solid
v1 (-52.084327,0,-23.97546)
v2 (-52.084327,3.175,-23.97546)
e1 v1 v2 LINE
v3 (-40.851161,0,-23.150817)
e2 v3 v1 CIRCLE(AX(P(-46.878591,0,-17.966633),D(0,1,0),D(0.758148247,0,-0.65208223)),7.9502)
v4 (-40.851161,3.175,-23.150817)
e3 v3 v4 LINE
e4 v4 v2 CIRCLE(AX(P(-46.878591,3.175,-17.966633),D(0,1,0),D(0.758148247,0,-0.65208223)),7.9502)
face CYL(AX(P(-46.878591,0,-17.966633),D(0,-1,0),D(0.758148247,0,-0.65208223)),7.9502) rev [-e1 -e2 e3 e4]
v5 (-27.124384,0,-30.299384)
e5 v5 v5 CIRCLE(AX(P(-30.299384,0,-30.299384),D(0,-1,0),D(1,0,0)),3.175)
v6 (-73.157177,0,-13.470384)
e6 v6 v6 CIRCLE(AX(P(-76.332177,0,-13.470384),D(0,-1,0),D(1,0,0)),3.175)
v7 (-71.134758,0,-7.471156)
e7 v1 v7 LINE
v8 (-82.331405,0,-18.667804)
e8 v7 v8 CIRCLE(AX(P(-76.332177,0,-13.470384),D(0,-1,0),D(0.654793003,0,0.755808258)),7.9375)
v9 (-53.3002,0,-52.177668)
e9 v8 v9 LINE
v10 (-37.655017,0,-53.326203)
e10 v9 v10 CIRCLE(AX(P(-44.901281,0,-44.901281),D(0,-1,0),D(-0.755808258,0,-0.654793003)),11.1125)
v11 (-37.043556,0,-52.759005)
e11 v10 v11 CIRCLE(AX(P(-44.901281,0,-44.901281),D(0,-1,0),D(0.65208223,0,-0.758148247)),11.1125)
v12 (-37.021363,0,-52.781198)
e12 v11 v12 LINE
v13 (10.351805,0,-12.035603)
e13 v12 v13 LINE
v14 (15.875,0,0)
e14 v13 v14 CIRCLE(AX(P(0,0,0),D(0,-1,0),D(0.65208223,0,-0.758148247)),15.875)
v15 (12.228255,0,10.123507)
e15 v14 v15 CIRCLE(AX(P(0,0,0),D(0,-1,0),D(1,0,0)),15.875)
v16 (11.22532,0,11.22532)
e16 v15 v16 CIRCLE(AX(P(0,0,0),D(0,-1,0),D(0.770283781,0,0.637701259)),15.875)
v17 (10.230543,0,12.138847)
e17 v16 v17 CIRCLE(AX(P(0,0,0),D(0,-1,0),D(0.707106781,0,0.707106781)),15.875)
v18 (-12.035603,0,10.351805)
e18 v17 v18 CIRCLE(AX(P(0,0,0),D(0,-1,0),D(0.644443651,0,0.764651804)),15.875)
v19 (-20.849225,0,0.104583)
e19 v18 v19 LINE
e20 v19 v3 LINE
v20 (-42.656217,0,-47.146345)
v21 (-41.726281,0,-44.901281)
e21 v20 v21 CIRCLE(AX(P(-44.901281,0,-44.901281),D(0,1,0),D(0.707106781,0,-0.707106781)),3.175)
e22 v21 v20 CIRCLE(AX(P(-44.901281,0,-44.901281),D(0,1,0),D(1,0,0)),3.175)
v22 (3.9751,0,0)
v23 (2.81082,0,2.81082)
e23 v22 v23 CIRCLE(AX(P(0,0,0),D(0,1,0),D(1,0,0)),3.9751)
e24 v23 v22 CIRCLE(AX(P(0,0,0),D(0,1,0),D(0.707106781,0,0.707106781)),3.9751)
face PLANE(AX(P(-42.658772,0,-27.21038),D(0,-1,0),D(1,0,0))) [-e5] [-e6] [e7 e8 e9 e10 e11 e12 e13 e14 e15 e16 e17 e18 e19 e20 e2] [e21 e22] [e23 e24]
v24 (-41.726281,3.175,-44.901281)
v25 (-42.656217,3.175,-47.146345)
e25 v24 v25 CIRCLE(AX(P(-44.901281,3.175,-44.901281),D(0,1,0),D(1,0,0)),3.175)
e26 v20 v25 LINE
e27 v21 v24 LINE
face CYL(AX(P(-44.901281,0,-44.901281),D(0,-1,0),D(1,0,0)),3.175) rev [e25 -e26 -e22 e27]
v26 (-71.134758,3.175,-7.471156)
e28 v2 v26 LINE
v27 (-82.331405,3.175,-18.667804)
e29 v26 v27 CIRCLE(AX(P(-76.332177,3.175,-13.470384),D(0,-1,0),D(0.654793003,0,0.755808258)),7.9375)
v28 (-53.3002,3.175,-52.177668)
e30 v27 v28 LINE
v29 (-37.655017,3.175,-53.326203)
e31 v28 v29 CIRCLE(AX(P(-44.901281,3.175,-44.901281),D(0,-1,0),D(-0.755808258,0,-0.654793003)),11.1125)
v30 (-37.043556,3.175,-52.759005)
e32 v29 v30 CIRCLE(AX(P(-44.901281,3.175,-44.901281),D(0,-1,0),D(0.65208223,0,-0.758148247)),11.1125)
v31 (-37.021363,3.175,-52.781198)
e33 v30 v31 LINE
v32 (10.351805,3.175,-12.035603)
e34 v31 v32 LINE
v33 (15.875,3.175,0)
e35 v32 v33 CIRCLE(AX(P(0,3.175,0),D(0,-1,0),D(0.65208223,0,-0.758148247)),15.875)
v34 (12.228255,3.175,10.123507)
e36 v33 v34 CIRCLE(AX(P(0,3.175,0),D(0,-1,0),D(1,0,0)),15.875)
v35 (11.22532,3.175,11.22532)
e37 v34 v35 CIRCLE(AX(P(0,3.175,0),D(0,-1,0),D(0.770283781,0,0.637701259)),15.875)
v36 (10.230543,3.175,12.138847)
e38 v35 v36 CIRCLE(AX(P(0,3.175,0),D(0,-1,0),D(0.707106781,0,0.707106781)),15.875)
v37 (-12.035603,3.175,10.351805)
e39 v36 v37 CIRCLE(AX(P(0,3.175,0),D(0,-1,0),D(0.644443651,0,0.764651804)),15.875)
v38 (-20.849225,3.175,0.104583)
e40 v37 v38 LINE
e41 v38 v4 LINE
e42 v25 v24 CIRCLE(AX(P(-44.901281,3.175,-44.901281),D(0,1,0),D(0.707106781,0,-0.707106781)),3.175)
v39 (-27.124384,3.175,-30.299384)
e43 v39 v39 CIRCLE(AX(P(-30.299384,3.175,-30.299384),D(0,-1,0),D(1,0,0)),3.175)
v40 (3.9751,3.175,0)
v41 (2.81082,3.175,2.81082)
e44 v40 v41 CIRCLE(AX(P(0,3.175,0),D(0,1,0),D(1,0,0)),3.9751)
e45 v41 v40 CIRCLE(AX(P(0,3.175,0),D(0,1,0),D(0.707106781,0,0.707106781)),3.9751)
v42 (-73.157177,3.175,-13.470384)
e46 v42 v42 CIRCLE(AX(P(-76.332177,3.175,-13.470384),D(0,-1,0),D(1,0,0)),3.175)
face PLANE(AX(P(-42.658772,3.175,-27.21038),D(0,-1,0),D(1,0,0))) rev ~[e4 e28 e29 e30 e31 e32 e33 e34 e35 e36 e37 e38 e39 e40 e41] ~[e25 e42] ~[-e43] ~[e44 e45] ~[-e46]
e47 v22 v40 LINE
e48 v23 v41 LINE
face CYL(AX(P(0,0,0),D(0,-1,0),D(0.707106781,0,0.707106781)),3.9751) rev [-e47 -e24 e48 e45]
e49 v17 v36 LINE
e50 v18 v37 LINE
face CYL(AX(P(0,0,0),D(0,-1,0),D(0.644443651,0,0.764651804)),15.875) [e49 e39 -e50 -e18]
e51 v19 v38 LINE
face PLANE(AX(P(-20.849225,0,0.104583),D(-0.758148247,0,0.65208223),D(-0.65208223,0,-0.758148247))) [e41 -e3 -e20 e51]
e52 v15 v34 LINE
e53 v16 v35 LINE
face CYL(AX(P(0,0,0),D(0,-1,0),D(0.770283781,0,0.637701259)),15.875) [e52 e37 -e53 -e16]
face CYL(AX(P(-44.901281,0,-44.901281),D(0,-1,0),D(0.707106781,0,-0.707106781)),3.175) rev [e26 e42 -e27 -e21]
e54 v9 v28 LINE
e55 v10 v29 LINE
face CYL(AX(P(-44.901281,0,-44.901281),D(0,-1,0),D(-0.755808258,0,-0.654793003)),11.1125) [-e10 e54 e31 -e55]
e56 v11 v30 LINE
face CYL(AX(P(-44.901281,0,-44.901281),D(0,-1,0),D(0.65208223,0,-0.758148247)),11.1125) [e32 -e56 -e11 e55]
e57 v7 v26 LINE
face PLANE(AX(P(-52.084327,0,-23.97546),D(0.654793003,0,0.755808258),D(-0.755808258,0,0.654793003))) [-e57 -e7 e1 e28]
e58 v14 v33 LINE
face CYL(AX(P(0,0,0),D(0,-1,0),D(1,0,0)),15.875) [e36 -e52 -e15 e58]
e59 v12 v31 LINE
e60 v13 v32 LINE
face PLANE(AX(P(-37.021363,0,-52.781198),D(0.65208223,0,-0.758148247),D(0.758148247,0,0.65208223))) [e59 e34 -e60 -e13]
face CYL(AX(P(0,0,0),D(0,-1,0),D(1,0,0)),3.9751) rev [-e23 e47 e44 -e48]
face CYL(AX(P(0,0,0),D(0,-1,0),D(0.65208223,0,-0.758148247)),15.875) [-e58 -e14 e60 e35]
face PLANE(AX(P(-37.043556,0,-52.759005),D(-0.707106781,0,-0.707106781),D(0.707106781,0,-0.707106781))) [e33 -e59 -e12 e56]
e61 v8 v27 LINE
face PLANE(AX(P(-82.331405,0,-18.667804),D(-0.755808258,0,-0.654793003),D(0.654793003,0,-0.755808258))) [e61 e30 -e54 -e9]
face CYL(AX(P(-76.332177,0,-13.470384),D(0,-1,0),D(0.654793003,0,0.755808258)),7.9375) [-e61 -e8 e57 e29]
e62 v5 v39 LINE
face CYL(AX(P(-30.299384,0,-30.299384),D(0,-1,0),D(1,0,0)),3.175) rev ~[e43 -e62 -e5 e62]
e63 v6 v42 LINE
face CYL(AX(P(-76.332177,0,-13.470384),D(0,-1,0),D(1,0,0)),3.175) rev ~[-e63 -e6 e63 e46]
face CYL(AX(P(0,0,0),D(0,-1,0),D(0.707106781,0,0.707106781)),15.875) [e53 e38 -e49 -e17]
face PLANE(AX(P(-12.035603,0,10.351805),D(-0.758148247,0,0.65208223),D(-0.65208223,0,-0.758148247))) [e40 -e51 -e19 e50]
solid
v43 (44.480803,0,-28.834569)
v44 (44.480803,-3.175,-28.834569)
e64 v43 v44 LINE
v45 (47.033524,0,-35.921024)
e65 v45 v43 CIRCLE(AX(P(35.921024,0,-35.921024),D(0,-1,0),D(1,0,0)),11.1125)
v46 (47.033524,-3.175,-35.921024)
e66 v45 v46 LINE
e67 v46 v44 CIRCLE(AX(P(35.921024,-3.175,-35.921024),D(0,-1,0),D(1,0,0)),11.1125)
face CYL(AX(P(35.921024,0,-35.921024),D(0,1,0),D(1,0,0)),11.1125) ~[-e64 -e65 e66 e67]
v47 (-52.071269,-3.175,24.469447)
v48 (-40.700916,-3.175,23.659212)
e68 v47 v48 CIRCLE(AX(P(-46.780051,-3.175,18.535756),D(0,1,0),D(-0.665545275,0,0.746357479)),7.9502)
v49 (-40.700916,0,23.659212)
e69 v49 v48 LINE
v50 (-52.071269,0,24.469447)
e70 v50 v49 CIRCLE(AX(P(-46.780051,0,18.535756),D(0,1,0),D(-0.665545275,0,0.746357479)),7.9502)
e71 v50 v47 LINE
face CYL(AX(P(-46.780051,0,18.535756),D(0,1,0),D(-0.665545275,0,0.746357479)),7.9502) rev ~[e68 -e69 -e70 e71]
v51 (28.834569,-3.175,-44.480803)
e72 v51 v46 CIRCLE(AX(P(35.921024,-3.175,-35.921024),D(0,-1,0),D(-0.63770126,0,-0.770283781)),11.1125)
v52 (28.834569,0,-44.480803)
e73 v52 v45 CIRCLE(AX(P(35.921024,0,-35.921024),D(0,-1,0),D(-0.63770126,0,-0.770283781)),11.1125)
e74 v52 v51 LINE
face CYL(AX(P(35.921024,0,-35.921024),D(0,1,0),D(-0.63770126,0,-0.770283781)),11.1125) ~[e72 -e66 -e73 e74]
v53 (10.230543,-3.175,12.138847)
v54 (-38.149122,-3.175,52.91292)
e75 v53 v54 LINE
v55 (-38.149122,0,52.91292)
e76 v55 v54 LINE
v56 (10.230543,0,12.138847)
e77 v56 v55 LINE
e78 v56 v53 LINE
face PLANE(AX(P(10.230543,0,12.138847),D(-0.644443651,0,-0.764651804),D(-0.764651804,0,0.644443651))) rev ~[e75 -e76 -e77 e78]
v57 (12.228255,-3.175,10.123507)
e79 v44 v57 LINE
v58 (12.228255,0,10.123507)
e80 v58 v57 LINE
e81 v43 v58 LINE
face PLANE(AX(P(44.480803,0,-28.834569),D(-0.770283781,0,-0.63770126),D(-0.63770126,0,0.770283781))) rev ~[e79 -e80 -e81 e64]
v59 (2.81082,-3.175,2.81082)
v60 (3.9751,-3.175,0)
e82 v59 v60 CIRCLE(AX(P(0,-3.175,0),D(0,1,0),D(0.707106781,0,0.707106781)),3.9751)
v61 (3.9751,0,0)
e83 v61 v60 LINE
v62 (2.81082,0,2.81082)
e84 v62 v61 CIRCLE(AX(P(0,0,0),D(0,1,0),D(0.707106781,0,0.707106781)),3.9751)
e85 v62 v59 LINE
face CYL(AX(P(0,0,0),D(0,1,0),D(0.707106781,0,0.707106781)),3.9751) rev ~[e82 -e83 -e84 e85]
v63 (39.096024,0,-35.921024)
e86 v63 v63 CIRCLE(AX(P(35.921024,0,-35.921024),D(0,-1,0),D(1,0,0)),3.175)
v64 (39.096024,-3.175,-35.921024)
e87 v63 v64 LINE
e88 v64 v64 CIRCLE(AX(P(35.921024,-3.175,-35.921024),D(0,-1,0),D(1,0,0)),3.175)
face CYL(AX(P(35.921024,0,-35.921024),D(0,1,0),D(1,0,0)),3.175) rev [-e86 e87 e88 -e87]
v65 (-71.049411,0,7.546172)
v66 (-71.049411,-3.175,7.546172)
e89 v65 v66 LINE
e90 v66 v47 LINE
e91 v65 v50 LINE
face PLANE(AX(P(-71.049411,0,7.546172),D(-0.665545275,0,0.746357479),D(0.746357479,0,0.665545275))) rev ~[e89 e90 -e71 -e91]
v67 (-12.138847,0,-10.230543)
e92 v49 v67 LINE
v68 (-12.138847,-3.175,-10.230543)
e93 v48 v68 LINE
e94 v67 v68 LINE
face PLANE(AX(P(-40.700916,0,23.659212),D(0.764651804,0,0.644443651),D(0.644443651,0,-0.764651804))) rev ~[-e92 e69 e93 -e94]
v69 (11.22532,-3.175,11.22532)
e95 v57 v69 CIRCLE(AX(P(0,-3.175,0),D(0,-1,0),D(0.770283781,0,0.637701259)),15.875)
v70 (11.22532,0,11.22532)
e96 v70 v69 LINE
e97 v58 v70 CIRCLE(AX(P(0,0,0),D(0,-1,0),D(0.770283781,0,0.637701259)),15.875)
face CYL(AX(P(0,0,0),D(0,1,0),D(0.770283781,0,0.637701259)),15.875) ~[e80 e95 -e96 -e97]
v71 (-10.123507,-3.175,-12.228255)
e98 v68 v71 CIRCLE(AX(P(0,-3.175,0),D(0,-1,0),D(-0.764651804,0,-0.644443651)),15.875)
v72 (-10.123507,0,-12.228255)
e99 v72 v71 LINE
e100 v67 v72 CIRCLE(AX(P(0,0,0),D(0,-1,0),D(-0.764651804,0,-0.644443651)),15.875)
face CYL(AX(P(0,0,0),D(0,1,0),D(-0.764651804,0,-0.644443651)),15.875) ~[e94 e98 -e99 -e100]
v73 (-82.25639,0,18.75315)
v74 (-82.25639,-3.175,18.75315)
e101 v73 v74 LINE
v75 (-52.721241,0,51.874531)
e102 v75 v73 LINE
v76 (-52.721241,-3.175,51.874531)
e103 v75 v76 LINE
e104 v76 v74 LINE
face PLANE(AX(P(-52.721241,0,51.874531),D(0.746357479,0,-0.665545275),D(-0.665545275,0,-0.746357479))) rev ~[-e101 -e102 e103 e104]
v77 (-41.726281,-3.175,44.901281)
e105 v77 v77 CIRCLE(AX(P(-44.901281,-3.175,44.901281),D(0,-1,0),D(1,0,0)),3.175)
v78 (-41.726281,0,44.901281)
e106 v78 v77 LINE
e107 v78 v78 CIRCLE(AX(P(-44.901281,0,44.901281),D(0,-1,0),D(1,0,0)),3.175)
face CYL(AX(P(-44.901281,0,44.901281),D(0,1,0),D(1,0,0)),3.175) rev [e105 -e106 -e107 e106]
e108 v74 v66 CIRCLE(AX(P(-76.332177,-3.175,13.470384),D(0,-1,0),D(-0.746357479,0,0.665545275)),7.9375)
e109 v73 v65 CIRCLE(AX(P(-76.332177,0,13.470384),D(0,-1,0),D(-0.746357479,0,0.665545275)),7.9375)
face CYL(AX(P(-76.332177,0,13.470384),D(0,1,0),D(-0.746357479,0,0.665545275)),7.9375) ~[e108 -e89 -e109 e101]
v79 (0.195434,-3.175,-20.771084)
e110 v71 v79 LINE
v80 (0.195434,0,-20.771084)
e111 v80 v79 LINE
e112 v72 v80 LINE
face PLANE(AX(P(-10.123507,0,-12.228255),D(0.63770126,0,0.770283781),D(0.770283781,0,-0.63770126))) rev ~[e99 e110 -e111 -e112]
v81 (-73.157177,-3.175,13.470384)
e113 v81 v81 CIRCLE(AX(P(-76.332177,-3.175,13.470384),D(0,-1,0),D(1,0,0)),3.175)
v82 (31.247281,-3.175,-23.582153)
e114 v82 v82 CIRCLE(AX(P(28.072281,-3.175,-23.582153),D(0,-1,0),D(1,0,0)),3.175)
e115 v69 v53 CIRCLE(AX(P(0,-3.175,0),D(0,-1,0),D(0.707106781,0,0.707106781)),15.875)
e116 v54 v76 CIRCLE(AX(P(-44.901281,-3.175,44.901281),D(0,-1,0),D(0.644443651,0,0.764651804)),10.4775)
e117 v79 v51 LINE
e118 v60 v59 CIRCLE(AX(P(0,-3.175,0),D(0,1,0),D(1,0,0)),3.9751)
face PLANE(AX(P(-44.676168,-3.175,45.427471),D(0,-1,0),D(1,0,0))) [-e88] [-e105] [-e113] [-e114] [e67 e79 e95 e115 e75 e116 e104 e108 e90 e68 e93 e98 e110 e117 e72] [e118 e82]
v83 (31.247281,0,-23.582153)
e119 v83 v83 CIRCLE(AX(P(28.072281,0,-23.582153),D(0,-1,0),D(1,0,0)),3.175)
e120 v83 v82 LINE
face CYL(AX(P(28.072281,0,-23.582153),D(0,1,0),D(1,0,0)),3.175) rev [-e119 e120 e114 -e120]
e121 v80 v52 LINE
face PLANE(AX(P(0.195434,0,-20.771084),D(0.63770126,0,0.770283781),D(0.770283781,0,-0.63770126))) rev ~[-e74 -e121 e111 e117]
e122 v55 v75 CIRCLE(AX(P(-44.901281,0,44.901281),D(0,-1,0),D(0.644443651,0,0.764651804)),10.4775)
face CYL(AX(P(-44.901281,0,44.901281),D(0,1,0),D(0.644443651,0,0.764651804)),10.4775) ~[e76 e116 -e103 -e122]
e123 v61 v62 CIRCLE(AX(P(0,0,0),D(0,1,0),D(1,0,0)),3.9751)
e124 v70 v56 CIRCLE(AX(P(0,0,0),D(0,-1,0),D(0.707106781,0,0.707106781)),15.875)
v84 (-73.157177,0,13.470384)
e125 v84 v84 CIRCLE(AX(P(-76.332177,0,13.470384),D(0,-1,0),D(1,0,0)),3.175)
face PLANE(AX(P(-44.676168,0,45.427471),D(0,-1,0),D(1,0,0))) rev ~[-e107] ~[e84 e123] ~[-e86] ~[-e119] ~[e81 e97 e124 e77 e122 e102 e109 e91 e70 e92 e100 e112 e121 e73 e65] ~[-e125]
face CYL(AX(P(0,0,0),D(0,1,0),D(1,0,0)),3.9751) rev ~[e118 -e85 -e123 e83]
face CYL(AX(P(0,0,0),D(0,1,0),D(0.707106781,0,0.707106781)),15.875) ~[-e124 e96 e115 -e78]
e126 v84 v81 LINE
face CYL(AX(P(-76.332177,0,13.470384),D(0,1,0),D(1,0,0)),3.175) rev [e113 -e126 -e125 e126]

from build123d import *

# Parameters (mm, degrees)
F0_R     = 3.175
F1_DEPTH = 3.175
F2_DEPTH = 3.175


with BuildPart() as f1:
    # F0 (on Front) → F1 (new body)
    with BuildSketch(Plane.XZ):
        with BuildLine():
            ThreePointArc((-34.4237806053, 44.9012806053), (-35.4006557474, 49.3189874266), (-38.1491222534, 52.9129198783))
            ThreePointArc((-38.1491222534, 52.9129198783), (-45.6460041086, 55.35228023), (-52.7212410911, 51.8745312283))
            ThreePointArc((-52.7212410911, 51.8745312283), (-48.6325250533, 35.1106819965), (-34.4237806053, 44.9012806053))
        make_face()
        with Locations((-44.9012806053, 44.9012806053)):
            Circle(F0_R, mode=Mode.SUBTRACT)
        with BuildLine():
            ThreePointArc((-68.3946770291, 13.4703841816), (-73.5054766898, 20.8875043398), (-82.2563895183, 18.7531498051))
            ThreePointArc((-82.2563895183, 18.7531498051), (-81.9448371048, 7.8577241059), (-71.0494114056, 7.5461716924))
            ThreePointArc((-71.0494114056, 7.5461716924), (-69.08870209, 10.2244671992), (-68.3946770291, 13.4703841816))
        make_face()
        with Locations((-76.3321770291, 13.4703841816)):
            Circle(F0_R, mode=Mode.SUBTRACT)
        with BuildLine():
            ThreePointArc((-12.0356034274, 10.3518054047), (-1.2700159776, 15.8241171765), (10.2305429575, 12.1388473833))
            Line((10.2305429575, 12.1388473833), (-38.1491222534, 52.9129198783))
            ThreePointArc((-38.1491222534, 52.9129198783), (-35.4006557474, 49.3189874266), (-34.4237806053, 44.9012806053))
            ThreePointArc((-34.4237806053, 44.9012806053), (-48.6325250533, 35.1106819965), (-52.7212410911, 51.8745312283))
            Line((-52.7212410911, 51.8745312283), (-82.2563895183, 18.7531498051))
            ThreePointArc((-82.2563895183, 18.7531498051), (-73.5054766898, 20.8875043398), (-68.3946770291, 13.4703841816))
            ThreePointArc((-68.3946770291, 13.4703841816), (-69.08870209, 10.2244671992), (-71.0494114056, 7.5461716924))
            Line((-71.0494114056, 7.5461716924), (-52.0712687873, 24.4694470818))
            ThreePointArc((-52.0712687873, 24.4694470818), (-46.2149635715, 26.465847689), (-40.7009159693, 23.6592117657))
            Line((-40.7009159693, 23.6592117657), (-20.8492251592, 0.1045826474))
            Line((-20.8492251592, 0.1045826474), (-12.0356034274, 10.3518054047))
        make_face()
        with BuildLine():
            ThreePointArc((12.2282550252, 10.1235074968), (11.7397208196, 10.6861864142), (11.2253201513, 11.2253201513))
            ThreePointArc((11.2253201513, 11.2253201513), (10.7376509739, 11.692667641), (10.2305429575, 12.1388473833))
            ThreePointArc((10.2305429575, 12.1388473833), (-1.2700159776, 15.8241171765), (-12.0356034274, 10.3518054047))
            ThreePointArc((-12.0356034274, 10.3518054047), (-15.874800283, 0.0796302322), (-12.1388473833, -10.2305429575))
            ThreePointArc((-12.1388473833, -10.2305429575), (-11.1759037477, -11.2745199641), (-10.1235074968, -12.2282550252))
            ThreePointArc((-10.1235074968, -12.2282550252), (0.1493607821, -15.87429735), (10.3518054047, -12.0356034274))
            ThreePointArc((10.3518054047, -12.0356034274), (14.4282801435, -6.6212051093), (15.875, 0))
            ThreePointArc((15.875, 0), (14.9355142785, 5.3801522504), (12.2282550252, 10.1235074968))
        make_face()
        with BuildLine():
            ThreePointArc((2.8108201659, 2.8108201659), (3.6725135297, 1.521204912), (3.9751, 0))
            ThreePointArc((3.9751, 0), (-3.6725135297, -1.521204912), (2.8108201659, 2.8108201659))
        make_face(mode=Mode.SUBTRACT)
        with BuildLine():
            Line((44.4808030019, -28.8345692365), (12.2282550252, 10.1235074968))
            ThreePointArc((12.2282550252, 10.1235074968), (14.9355142785, 5.3801522504), (15.875, 0))
            ThreePointArc((15.875, 0), (14.4282801435, -6.6212051093), (10.3518054047, -12.0356034274))
            Line((10.3518054047, -12.0356034274), (0.1954344954, -20.7710836138))
            Line((0.1954344954, -20.7710836138), (28.8345692365, -44.4808030019))
            ThreePointArc((28.8345692365, -44.4808030019), (28.0633003783, -28.0633003783), (44.4808030019, -28.8345692365))
        make_face()
        with Locations((28.0722806345, -23.5821525739)):
            Circle(F0_R, mode=Mode.SUBTRACT)
        with BuildLine():
            ThreePointArc((47.0335244843, -35.9210244843), (46.3758844792, -32.154917909), (44.4808030019, -28.8345692365))
            ThreePointArc((44.4808030019, -28.8345692365), (28.0633003783, -28.0633003783), (28.8345692365, -44.4808030019))
            ThreePointArc((28.8345692365, -44.4808030019), (40.650687385, -45.9767663811), (47.0335244843, -35.9210244843))
        make_face()
        with Locations((35.9210244843, -35.9210244843)):
            Circle(F0_R, mode=Mode.SUBTRACT)
        with BuildLine():
            ThreePointArc((-12.1388473833, -10.2305429575), (-15.874800283, 0.0796302322), (-12.0356034274, 10.3518054047))
            Line((-12.0356034274, 10.3518054047), (-20.8492251592, 0.1045826474))
            Line((-20.8492251592, 0.1045826474), (-12.1388473833, -10.2305429575))
        make_face()
        with BuildLine():
            Line((0.1954344954, -20.7710836138), (10.3518054047, -12.0356034274))
            ThreePointArc((10.3518054047, -12.0356034274), (0.1493607821, -15.87429735), (-10.1235074968, -12.2282550252))
            Line((-10.1235074968, -12.2282550252), (0.1954344954, -20.7710836138))
        make_face()
    extrude(amount=F1_DEPTH)


with BuildPart() as f2:
    # F0 (on Front) → F2 (new body)
    with BuildSketch(Plane.XZ):
        with BuildLine():
            ThreePointArc((-10.1235074968, -12.2282550252), (-11.1759037477, -11.2745199641), (-12.1388473833, -10.2305429575))
            Line((-12.1388473833, -10.2305429575), (-20.8492251592, 0.1045826474))
            Line((-20.8492251592, 0.1045826474), (-40.8511612346, -23.1508168672))
            ThreePointArc((-40.8511612346, -23.1508168672), (-46.2965222838, -25.8954961667), (-52.0843267669, -23.9754595323))
            Line((-52.0843267669, -23.9754595323), (-71.1347575644, -7.4711561347))
            ThreePointArc((-71.1347575644, -7.4711561347), (-69.1121208226, -10.1727039932), (-68.3946770291, -13.4703841816))
            ThreePointArc((-68.3946770291, -13.4703841816), (-73.5586383483, -20.9075469092), (-82.331405076, -18.6678036462))
            Line((-82.331405076, -18.6678036462), (-53.300199871, -52.1776678558))
            ThreePointArc((-53.300199871, -52.1776678558), (-48.7842347585, -34.4892527868), (-33.7887806053, -44.9012806053))
            ThreePointArc((-33.7887806053, -44.9012806053), (-34.6346693003, -49.1538502475), (-37.0435564994, -52.7590047113))
            Line((-37.0435564994, -52.7590047113), (-37.0213629774, -52.7811982333))
            Line((-37.0213629774, -52.7811982333), (0.1954344954, -20.7710836138))
            Line((0.1954344954, -20.7710836138), (-10.1235074968, -12.2282550252))
        make_face()
        with Locations((-30.2993841525, -30.2993841525)):
            Circle(F0_R, mode=Mode.SUBTRACT)
        with BuildLine():
            ThreePointArc((-53.300199871, -52.1776678558), (-45.7148756595, -55.9839571475), (-37.655016822, -53.3262030046))
            ThreePointArc((-37.655016822, -53.3262030046), (-37.3439635539, -53.04834236), (-37.0435564994, -52.7590047113))
            ThreePointArc((-37.0435564994, -52.7590047113), (-34.6346693003, -49.1538502475), (-33.7887806053, -44.9012806053))
            ThreePointArc((-33.7887806053, -44.9012806053), (-48.7842347585, -34.4892527868), (-53.300199871, -52.1776678558))
        make_face()
        with BuildLine():
            ThreePointArc((-41.7262806053, -44.9012806053), (-41.9679630896, -46.1163005031), (-42.6562165751, -47.1463446356))
            ThreePointArc((-42.6562165751, -47.1463446356), (-47.8345981211, -43.6862607076), (-41.7262806053, -44.9012806053))
        make_face(mode=Mode.SUBTRACT)
        with BuildLine():
            ThreePointArc((-68.3946770291, -13.4703841816), (-69.1121208226, -10.1727039932), (-71.1347575644, -7.4711561347))
            ThreePointArc((-71.1347575644, -7.4711561347), (-81.9448371048, -7.8577241059), (-82.331405076, -18.6678036462))
            ThreePointArc((-82.331405076, -18.6678036462), (-73.5586383483, -20.9075469092), (-68.3946770291, -13.4703841816))
        make_face()
        with Locations((-76.3321770291, -13.4703841816)):
            Circle(F0_R, mode=Mode.SUBTRACT)
        with BuildLine():
            ThreePointArc((12.2282550252, 10.1235074968), (11.7397208196, 10.6861864142), (11.2253201513, 11.2253201513))
            ThreePointArc((11.2253201513, 11.2253201513), (10.7376509739, 11.692667641), (10.2305429575, 12.1388473833))
            ThreePointArc((10.2305429575, 12.1388473833), (-1.2700159776, 15.8241171765), (-12.0356034274, 10.3518054047))
            ThreePointArc((-12.0356034274, 10.3518054047), (-15.874800283, 0.0796302322), (-12.1388473833, -10.2305429575))
            ThreePointArc((-12.1388473833, -10.2305429575), (-11.1759037477, -11.2745199641), (-10.1235074968, -12.2282550252))
            ThreePointArc((-10.1235074968, -12.2282550252), (0.1493607821, -15.87429735), (10.3518054047, -12.0356034274))
            ThreePointArc((10.3518054047, -12.0356034274), (14.4282801435, -6.6212051093), (15.875, 0))
            ThreePointArc((15.875, 0), (14.9355142785, 5.3801522504), (12.2282550252, 10.1235074968))
        make_face()
        with BuildLine():
            ThreePointArc((2.8108201659, 2.8108201659), (3.6725135297, 1.521204912), (3.9751, 0))
            ThreePointArc((3.9751, 0), (-3.6725135297, -1.521204912), (2.8108201659, 2.8108201659))
        make_face(mode=Mode.SUBTRACT)
        with BuildLine():
            Line((0.1954344954, -20.7710836138), (10.3518054047, -12.0356034274))
            ThreePointArc((10.3518054047, -12.0356034274), (0.1493607821, -15.87429735), (-10.1235074968, -12.2282550252))
            Line((-10.1235074968, -12.2282550252), (0.1954344954, -20.7710836138))
        make_face()
        with BuildLine():
            ThreePointArc((-12.1388473833, -10.2305429575), (-15.874800283, 0.0796302322), (-12.0356034274, 10.3518054047))
            Line((-12.0356034274, 10.3518054047), (-20.8492251592, 0.1045826474))
            Line((-20.8492251592, 0.1045826474), (-12.1388473833, -10.2305429575))
        make_face()
    extrude(amount=-F2_DEPTH)


solid = Compound([f1.part, f2.part])
